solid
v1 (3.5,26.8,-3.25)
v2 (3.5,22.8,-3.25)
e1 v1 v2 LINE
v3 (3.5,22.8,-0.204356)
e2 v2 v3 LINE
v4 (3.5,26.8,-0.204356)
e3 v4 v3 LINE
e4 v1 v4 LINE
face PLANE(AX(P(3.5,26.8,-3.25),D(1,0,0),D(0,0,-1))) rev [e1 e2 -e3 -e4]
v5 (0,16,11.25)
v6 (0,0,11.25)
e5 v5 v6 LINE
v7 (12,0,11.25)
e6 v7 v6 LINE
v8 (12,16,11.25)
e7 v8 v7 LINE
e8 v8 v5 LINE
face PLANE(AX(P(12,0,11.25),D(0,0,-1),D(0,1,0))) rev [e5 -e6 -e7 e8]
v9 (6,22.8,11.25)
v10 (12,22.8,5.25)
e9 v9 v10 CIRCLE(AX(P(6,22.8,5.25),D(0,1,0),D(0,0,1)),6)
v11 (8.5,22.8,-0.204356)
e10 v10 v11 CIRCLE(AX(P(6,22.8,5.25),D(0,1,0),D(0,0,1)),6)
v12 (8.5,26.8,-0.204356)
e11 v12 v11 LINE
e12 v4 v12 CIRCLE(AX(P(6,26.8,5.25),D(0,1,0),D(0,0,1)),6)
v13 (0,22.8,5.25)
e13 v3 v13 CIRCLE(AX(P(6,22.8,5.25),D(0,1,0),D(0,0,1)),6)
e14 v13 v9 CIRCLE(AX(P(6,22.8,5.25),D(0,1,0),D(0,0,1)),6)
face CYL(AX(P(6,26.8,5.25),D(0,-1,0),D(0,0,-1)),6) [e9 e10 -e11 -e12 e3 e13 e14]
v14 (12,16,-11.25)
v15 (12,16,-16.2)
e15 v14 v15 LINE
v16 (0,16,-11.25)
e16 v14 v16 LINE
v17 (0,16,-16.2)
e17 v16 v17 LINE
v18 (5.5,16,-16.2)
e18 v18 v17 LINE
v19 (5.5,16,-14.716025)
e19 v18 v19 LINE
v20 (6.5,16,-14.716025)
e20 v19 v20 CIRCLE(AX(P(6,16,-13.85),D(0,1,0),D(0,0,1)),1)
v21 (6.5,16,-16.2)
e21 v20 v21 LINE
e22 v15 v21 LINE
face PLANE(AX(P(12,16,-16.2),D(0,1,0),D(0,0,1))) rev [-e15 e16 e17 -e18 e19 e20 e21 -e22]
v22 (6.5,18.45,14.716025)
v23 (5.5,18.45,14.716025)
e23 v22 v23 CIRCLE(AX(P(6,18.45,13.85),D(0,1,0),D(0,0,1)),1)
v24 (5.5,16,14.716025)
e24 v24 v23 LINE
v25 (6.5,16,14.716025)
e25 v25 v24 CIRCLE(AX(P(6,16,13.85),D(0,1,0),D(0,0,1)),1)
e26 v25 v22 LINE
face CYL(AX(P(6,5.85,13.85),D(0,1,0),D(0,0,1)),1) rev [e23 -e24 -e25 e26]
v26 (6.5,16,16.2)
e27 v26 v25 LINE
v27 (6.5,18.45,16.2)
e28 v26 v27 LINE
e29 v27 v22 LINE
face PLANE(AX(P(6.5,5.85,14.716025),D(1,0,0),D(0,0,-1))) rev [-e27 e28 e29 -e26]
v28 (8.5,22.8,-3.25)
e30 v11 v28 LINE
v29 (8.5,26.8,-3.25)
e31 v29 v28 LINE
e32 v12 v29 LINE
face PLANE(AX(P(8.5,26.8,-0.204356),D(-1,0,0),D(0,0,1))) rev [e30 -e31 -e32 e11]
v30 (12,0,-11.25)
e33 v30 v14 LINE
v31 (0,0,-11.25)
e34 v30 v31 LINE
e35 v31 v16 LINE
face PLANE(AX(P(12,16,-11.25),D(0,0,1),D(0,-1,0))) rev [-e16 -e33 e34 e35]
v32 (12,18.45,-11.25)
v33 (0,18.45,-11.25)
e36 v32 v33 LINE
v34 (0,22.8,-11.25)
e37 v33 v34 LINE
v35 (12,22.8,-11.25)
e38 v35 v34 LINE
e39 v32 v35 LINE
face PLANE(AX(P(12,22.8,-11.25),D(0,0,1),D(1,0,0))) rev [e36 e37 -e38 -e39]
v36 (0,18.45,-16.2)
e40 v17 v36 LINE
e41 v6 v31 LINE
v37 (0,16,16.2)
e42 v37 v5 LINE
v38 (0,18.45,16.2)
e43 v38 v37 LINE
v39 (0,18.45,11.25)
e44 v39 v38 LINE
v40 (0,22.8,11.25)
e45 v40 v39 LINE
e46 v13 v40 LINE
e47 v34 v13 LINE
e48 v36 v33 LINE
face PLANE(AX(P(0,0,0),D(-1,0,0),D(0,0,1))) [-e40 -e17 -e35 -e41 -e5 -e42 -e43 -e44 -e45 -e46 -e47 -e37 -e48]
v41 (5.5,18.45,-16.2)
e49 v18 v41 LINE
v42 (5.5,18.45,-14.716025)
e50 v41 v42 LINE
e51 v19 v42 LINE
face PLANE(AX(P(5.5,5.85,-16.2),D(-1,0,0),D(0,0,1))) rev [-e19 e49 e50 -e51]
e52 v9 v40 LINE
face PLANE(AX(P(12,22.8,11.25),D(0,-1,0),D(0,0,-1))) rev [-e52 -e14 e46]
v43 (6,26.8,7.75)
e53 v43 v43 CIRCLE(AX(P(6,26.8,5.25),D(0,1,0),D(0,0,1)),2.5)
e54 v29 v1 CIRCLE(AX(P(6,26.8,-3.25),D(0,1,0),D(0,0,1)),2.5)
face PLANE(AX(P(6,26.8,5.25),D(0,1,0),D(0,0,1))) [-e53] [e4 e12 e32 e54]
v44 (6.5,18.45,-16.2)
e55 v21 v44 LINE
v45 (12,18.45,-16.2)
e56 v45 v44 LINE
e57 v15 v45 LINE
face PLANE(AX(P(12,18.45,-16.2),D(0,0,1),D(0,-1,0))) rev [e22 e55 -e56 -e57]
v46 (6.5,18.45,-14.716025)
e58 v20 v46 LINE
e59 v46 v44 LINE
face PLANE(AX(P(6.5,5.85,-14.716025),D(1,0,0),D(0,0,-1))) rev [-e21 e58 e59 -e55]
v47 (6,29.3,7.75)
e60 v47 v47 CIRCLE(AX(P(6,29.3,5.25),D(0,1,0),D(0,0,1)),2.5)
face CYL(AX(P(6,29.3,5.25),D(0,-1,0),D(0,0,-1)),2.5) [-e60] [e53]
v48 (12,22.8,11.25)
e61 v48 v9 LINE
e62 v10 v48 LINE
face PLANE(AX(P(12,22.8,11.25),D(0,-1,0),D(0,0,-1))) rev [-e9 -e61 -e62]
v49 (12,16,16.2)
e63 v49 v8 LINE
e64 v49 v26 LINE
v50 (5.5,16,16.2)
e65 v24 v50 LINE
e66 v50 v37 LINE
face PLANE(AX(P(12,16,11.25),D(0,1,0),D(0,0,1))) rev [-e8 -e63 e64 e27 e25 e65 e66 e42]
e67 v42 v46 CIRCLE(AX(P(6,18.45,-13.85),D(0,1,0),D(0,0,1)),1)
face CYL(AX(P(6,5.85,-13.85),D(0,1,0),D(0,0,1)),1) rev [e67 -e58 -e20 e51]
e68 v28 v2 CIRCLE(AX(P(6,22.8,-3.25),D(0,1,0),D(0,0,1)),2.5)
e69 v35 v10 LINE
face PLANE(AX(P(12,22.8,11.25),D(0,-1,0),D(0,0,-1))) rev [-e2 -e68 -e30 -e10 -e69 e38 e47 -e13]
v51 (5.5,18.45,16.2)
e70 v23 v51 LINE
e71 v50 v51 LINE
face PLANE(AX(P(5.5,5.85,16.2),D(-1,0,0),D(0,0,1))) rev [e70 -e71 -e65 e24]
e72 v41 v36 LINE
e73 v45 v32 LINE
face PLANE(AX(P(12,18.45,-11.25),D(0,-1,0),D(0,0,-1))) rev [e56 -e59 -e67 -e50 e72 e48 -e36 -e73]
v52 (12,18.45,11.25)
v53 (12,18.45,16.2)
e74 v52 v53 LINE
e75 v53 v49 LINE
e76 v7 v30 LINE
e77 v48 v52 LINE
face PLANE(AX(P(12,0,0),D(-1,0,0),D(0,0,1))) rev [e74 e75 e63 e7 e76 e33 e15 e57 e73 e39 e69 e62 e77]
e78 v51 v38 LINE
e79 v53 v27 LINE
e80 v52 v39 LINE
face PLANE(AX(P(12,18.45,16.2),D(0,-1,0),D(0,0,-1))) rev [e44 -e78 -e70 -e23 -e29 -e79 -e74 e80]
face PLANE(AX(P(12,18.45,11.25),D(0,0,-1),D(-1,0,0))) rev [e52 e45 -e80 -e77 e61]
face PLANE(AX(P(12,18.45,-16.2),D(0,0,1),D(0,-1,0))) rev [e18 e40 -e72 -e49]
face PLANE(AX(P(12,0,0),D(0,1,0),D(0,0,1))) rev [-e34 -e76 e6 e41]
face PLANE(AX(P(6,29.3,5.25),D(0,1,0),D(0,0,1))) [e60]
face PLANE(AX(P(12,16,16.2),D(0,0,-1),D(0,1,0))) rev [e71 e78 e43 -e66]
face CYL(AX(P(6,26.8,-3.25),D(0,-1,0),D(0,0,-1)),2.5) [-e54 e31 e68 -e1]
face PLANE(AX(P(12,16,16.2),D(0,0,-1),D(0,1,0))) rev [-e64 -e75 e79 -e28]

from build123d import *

# Parameters (mm, degrees)
EXTRUSION1_DEPTH = 12
EXTRUSION2_DEPTH = 12.6
EXTRUSION3_DEPTH = 4
SKETCH4_R        = 2.5
EXTRUSION4_DEPTH = 2.5


with BuildPart() as part:
    # Sketch1 → Extrusion1 (new body)
    with BuildSketch(Plane.YZ):
        Polygon((0, 0), (0, 11.25), (16, 11.25), (16, 16.2), (18.45, 16.2), (18.45, 11.25), (22.8, 11.25), (22.8, 0), (22.8, -11.25), (18.45, -11.25), (18.45, -16.2), (16, -16.2), (16, -11.25), (0, -11.25), align=None)
    extrude(amount=EXTRUSION1_DEPTH)

    # Sketch2 → Extrusion2 (cut)
    with BuildSketch(Plane(origin=(0, 18.45, 0), x_dir=(-1, 0, 0), z_dir=(0, 1, 0))):
        with BuildLine():
            Line((-6.5, -14.716025404), (-6.5, -16.2))
            Line((-6.5, -16.2), (-5.5, -16.2))
            Line((-5.5, -16.2), (-5.5, -14.716025404))
            ThreePointArc((-5.5, -14.716025404), (-6, -12.85), (-6.5, -14.716025404))
        make_face()
        with BuildLine():
            Line((-6.5, 14.716025404), (-6.5, 16.2))
            Line((-6.5, 16.2), (-5.5, 16.2))
            Line((-5.5, 16.2), (-5.5, 14.716025404))
            ThreePointArc((-5.5, 14.716025404), (-6, 12.85), (-6.5, 14.716025404))
        make_face()
    extrude(amount=-EXTRUSION2_DEPTH, mode=Mode.SUBTRACT)

    # Sketch3 → Extrusion3 (add)
    with BuildSketch(Plane(origin=(0, 22.8, 0), x_dir=(-1, 0, 0), z_dir=(0, 1, 0))):
        with BuildLine():
            Line((-8.5, -0.204356057), (-8.5, -3.25))
            ThreePointArc((-8.5, -3.25), (-6, -5.75), (-3.5, -3.25))
            Line((-3.5, -3.25), (-3.5, -0.204356057))
            ThreePointArc((-3.5, -0.204356057), (-6, 11.25), (-8.5, -0.204356057))
        make_face()
    extrude(amount=EXTRUSION3_DEPTH)

    # Sketch4 → Extrusion4 (add)
    with BuildSketch(Plane(origin=(0, 26.8, 11.25), x_dir=(1, 0, 0), z_dir=(0, 1, 0))):
        with Locations((6, 6)):
            Circle(SKETCH4_R)
    extrude(amount=EXTRUSION4_DEPTH)


solid = part.part
